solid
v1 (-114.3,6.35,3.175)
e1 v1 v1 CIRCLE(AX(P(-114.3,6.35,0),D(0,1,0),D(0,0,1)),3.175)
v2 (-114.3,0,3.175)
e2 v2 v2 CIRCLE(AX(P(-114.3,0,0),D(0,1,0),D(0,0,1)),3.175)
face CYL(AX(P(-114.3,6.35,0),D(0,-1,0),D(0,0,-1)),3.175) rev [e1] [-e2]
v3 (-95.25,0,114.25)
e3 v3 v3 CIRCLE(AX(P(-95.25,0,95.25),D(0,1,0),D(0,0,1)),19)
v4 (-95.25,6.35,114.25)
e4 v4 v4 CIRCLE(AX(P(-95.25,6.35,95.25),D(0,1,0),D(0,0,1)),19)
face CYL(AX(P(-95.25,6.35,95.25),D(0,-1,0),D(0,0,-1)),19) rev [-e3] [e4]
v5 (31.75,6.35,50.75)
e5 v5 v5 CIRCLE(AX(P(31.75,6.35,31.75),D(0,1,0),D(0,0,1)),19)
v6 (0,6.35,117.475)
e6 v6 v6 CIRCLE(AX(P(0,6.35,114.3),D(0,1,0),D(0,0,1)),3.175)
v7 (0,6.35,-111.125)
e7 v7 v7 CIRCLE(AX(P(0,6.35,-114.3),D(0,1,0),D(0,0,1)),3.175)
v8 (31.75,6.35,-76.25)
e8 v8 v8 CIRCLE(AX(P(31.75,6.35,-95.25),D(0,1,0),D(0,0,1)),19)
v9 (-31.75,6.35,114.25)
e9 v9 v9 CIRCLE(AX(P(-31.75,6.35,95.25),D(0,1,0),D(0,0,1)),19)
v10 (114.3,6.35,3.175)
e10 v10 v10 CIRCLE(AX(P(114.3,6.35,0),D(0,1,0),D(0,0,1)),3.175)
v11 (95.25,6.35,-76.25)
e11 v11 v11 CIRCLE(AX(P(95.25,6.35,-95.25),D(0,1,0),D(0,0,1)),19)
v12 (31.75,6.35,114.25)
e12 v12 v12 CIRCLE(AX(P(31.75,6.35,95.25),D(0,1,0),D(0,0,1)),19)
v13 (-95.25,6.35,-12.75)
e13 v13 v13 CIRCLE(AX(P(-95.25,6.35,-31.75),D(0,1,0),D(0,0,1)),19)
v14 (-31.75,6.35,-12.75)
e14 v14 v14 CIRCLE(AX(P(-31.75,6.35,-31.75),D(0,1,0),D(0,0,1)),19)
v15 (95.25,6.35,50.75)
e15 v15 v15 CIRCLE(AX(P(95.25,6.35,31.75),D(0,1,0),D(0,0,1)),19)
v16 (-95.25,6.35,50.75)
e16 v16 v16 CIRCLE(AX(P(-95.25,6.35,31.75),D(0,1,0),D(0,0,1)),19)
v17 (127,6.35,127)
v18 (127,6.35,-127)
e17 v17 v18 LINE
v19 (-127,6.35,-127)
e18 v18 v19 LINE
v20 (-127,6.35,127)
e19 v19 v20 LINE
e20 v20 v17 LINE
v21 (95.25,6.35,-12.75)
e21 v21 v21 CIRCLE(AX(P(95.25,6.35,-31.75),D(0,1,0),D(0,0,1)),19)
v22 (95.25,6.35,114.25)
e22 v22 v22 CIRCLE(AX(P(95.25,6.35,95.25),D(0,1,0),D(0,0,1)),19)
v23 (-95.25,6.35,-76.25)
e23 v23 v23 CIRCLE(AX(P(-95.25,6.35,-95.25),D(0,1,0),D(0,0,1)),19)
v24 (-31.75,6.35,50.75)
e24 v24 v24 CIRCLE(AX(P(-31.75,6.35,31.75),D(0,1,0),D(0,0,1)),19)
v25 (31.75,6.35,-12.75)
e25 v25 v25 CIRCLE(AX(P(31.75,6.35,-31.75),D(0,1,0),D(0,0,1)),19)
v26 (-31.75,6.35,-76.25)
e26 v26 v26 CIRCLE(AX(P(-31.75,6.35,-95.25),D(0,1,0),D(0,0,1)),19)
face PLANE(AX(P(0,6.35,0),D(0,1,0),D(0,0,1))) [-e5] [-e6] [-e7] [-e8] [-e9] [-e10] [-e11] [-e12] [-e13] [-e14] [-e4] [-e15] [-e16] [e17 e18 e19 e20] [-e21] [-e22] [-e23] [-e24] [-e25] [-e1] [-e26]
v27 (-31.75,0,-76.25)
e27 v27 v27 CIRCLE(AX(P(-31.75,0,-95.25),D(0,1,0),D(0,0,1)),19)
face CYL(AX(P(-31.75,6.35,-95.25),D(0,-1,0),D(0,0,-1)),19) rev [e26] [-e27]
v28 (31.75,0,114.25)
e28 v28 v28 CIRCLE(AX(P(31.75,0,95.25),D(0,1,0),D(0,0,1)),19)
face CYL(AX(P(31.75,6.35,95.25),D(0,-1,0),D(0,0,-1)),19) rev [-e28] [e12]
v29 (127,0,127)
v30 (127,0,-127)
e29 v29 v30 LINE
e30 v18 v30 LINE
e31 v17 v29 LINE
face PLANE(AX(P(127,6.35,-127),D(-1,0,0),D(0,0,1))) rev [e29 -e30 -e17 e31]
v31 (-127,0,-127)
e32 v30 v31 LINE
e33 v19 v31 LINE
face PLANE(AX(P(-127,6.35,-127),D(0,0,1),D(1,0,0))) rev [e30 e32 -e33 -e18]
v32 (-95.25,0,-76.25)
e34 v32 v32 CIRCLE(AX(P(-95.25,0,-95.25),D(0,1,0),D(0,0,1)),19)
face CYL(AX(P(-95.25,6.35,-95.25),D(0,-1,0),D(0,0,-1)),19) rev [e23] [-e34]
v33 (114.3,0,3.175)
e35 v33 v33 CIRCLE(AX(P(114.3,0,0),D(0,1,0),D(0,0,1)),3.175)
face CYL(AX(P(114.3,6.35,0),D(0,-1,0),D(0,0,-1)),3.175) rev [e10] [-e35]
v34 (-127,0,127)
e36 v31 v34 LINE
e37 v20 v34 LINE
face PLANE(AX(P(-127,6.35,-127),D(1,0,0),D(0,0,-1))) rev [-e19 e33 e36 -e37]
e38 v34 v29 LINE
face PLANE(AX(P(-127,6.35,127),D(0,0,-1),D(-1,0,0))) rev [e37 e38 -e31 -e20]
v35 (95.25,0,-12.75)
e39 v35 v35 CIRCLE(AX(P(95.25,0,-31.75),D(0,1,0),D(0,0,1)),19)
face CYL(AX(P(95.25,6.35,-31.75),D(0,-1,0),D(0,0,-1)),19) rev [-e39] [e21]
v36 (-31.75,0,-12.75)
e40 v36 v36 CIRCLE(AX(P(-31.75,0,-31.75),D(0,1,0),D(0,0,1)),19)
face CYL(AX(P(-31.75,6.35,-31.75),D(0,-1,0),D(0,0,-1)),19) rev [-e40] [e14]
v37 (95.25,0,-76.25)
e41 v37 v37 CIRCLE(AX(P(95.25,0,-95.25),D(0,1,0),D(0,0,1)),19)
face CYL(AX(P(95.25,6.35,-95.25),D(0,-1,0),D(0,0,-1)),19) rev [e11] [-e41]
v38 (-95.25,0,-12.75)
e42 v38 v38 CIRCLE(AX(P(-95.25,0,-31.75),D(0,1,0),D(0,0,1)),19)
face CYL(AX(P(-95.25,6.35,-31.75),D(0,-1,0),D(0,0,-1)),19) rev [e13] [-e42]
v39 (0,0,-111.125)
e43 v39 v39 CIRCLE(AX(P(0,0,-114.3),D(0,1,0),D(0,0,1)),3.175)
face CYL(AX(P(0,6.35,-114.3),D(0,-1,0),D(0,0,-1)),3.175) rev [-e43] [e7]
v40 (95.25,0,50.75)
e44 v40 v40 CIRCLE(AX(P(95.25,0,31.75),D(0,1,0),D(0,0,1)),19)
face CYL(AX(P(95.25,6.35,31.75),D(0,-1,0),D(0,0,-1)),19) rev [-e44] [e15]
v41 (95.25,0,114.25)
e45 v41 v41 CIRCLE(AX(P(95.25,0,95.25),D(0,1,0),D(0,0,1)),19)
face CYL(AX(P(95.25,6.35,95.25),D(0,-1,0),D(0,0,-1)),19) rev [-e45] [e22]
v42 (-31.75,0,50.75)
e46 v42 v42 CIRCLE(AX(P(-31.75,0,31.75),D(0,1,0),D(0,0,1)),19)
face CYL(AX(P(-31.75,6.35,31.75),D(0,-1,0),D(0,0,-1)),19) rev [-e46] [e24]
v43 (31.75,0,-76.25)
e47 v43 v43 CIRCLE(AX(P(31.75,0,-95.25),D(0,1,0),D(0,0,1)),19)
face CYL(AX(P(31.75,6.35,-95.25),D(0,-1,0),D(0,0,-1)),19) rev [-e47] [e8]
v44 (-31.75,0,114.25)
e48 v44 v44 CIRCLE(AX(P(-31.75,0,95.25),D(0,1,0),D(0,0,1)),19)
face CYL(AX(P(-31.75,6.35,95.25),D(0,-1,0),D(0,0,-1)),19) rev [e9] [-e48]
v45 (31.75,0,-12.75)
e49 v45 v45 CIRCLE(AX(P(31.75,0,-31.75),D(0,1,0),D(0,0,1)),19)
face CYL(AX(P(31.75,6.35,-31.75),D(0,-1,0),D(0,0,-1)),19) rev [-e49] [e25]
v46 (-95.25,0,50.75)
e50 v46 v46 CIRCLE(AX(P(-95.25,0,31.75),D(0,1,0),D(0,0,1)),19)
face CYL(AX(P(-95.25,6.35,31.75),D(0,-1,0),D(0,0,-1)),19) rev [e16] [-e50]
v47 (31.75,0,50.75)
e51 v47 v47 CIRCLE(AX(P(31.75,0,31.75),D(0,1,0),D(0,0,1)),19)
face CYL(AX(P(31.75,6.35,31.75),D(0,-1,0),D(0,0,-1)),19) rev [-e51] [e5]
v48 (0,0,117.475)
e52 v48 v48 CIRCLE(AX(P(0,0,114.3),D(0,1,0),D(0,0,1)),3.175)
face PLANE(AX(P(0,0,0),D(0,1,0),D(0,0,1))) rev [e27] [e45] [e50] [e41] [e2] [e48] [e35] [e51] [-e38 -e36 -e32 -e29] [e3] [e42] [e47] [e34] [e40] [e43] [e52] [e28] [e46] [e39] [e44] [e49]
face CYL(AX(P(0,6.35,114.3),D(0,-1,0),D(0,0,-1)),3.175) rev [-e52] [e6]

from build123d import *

# Parameters (mm, degrees)
SKETCH1_W           = 254
SKETCH1_H           = 254
SKETCH1_R           = 19
SKETCH1_R_2         = 3.175
BOSS_EXTRUDE2_DEPTH = 6.35


with BuildPart() as part:
    # Sketch1 → Boss-Extrude2 (new body)
    with BuildSketch(Plane(origin=(0, 0, 0), x_dir=(1, 0, 0), z_dir=(0, 1, 0))):
        Rectangle(SKETCH1_W, SKETCH1_H)
        with Locations(Location((-95.25, 95.25, 0), (0, 0, 270))):
            Circle(SKETCH1_R, mode=Mode.SUBTRACT)
        with Locations(Location((-31.75, 95.25, 0), (0, 0, 270))):
            Circle(SKETCH1_R, mode=Mode.SUBTRACT)
        with Locations(Location((31.75, 95.25, 0), (0, 0, 270))):
            Circle(SKETCH1_R, mode=Mode.SUBTRACT)
        with Locations(Location((95.25, 95.25, 0), (0, 0, 270))):
            Circle(SKETCH1_R, mode=Mode.SUBTRACT)
        with Locations(Location((-31.75, 31.75, 0), (0, 0, 270))):
            Circle(SKETCH1_R, mode=Mode.SUBTRACT)
        with Locations(Location((31.75, 31.75, 0), (0, 0, 270))):
            Circle(SKETCH1_R, mode=Mode.SUBTRACT)
        with Locations(Location((95.25, 31.75, 0), (0, 0, 270))):
            Circle(SKETCH1_R, mode=Mode.SUBTRACT)
        with Locations(Location((-31.75, -31.75, 0), (0, 0, 270))):
            Circle(SKETCH1_R, mode=Mode.SUBTRACT)
        with Locations(Location((31.75, -31.75, 0), (0, 0, 270))):
            Circle(SKETCH1_R, mode=Mode.SUBTRACT)
        with Locations(Location((95.25, -31.75, 0), (0, 0, 270))):
            Circle(SKETCH1_R, mode=Mode.SUBTRACT)
        with Locations(Location((-31.75, -95.25, 0), (0, 0, 270))):
            Circle(SKETCH1_R, mode=Mode.SUBTRACT)
        with Locations(Location((31.75, -95.25, 0), (0, 0, 270))):
            Circle(SKETCH1_R, mode=Mode.SUBTRACT)
        with Locations(Location((95.25, -95.25, 0), (0, 0, 270))):
            Circle(SKETCH1_R, mode=Mode.SUBTRACT)
        with Locations(Location((-95.25, 31.75, 0), (0, 0, 270))):
            Circle(SKETCH1_R, mode=Mode.SUBTRACT)
        with Locations(Location((-95.25, -31.75, 0), (0, 0, 270))):
            Circle(SKETCH1_R, mode=Mode.SUBTRACT)
        with Locations(Location((-95.25, -95.25, 0), (0, 0, 270))):
            Circle(SKETCH1_R, mode=Mode.SUBTRACT)
        with Locations(Location((-114.3, 0, 0), (0, 0, 270))):
            Circle(SKETCH1_R_2, mode=Mode.SUBTRACT)
        with Locations(Location((114.3, 0, 0), (0, 0, 270))):
            Circle(SKETCH1_R_2, mode=Mode.SUBTRACT)
        with Locations(Location((0, 114.3, 0), (0, 0, 270))):
            Circle(SKETCH1_R_2, mode=Mode.SUBTRACT)
        with Locations(Location((0, -114.3, 0), (0, 0, 270))):
            Circle(SKETCH1_R_2, mode=Mode.SUBTRACT)
    extrude(amount=BOSS_EXTRUDE2_DEPTH)


solid = part.part
